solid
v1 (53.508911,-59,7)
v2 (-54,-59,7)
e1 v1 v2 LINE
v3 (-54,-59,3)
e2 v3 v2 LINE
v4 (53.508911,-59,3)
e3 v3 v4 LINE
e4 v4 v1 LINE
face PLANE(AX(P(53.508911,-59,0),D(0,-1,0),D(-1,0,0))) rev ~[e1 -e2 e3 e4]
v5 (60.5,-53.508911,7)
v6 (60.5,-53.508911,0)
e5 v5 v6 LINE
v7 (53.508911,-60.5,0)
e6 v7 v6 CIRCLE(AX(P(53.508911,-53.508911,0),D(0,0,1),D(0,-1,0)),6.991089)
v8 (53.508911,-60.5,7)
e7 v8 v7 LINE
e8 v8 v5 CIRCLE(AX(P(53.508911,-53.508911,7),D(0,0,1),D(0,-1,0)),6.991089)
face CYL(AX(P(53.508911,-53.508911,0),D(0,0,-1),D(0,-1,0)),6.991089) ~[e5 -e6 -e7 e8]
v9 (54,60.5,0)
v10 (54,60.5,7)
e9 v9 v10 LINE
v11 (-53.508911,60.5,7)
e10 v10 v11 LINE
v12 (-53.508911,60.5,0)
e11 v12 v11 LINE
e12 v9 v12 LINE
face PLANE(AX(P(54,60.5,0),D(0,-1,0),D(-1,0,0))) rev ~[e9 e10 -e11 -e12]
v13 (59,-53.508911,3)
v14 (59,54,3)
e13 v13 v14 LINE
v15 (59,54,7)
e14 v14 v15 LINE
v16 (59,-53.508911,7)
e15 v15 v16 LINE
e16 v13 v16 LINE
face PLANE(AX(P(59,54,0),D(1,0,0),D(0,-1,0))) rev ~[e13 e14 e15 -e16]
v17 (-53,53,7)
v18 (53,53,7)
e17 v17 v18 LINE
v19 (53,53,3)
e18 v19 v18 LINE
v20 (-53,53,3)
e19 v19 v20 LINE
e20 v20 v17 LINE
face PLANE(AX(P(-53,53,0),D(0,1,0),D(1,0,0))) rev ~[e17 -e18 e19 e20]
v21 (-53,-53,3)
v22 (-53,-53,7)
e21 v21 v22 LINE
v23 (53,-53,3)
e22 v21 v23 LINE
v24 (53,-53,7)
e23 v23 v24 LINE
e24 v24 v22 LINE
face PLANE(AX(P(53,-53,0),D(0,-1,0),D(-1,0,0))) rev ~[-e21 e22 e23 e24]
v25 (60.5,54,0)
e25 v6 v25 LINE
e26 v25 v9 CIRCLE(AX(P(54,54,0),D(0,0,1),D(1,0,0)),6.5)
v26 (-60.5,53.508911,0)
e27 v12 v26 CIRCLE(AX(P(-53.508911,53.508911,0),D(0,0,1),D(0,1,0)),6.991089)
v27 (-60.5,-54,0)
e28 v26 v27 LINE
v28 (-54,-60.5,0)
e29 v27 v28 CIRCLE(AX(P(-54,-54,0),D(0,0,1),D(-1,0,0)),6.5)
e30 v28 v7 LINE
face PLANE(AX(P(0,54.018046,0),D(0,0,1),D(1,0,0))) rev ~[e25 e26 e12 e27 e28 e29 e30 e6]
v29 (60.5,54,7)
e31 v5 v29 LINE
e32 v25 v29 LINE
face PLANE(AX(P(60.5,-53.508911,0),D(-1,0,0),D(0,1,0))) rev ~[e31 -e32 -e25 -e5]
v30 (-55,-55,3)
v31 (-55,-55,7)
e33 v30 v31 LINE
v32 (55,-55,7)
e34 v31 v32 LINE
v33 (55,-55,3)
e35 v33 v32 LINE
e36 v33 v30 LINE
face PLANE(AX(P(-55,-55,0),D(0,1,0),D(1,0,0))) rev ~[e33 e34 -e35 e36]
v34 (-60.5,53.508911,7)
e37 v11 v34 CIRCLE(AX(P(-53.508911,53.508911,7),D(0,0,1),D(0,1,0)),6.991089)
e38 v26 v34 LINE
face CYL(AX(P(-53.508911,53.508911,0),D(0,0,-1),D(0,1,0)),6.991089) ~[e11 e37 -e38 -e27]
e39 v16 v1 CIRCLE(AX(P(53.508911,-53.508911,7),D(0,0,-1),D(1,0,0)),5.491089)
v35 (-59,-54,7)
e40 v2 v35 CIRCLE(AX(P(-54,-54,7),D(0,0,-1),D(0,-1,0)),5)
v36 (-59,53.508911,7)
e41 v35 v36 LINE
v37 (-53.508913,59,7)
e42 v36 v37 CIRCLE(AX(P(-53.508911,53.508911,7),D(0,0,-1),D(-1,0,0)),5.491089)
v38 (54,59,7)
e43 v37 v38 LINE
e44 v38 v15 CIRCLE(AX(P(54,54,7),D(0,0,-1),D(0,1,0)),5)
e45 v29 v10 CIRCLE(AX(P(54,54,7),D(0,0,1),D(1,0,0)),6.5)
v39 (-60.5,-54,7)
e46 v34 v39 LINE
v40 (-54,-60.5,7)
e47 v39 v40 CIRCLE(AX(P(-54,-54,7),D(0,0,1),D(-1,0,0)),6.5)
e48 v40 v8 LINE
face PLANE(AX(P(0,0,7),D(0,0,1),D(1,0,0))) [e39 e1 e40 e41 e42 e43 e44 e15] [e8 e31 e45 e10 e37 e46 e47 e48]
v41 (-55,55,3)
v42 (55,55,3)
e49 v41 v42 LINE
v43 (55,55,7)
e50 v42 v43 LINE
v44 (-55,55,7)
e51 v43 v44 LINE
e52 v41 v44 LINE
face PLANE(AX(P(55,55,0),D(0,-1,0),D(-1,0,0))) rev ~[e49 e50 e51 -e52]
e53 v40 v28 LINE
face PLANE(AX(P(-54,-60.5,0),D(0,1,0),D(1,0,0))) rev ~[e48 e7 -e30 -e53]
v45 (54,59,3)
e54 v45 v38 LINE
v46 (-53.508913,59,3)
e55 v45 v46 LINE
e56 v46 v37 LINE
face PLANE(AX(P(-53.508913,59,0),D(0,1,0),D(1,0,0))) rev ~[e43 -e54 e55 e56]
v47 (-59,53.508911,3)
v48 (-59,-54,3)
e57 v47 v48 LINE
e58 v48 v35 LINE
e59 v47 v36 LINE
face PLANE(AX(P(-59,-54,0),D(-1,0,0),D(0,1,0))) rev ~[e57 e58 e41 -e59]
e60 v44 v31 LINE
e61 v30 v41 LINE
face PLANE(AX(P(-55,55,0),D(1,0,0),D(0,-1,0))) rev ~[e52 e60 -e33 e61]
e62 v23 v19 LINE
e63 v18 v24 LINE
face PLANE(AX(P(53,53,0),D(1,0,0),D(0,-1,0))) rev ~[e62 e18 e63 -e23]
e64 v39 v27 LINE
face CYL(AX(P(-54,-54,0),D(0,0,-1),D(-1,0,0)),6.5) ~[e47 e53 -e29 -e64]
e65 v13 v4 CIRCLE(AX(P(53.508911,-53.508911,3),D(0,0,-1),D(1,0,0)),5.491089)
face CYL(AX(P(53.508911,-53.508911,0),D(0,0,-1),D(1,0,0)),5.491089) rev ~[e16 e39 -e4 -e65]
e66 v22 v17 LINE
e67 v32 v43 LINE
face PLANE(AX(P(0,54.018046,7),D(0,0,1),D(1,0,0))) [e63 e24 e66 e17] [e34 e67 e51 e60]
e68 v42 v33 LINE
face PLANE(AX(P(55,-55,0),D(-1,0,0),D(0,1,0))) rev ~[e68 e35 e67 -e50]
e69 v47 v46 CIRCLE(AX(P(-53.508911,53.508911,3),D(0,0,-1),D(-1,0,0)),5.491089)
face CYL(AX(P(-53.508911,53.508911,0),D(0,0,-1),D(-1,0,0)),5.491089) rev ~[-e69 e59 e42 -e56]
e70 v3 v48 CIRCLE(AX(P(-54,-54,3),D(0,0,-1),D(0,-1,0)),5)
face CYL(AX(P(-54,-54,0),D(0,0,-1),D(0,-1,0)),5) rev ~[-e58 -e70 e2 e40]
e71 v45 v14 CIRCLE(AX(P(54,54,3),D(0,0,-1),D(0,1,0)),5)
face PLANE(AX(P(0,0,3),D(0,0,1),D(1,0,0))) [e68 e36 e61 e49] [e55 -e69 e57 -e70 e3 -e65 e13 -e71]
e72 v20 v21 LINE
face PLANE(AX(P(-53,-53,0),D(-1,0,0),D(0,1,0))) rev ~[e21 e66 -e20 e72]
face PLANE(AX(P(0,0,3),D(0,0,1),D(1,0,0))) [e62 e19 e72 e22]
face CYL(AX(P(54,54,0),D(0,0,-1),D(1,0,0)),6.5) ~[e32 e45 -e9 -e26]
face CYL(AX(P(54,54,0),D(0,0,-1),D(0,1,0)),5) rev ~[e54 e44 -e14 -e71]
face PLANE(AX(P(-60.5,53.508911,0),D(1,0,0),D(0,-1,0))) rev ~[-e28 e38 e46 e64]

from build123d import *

# Parameters (mm, degrees)
F0_W     = 110
F0_H     = 110
F0_W_2   = 106
F0_H_2   = 106
F1_DEPTH = 3
F2_DEPTH = 7
F3_DEPTH = 7


with BuildPart() as f1:
    # F0 (on Top) → F1 (new body)
    with BuildSketch(Plane.XY):
        with BuildLine():
            Line((60.5, -53.5089111648), (60.5, 54))
            ThreePointArc((60.5, 54), (58.5961940777, 58.5961940777), (54, 60.5))
            Line((54, 60.5), (-53.5089111648, 60.5))
            ThreePointArc((-53.5089111648, 60.5), (-58.452357488, 58.452357488), (-60.5, 53.5089111648))
            Line((-60.5, 53.5089111648), (-60.5, -54))
            ThreePointArc((-60.5, -54), (-58.5961940777, -58.5961940777), (-54, -60.5))
            Line((-54, -60.5), (53.5089111648, -60.5))
            ThreePointArc((53.5089111648, -60.5), (58.452357488, -58.452357488), (60.5, -53.5089111648))
        make_face()
        with BuildLine():
            ThreePointArc((-59, 53.5089111648), (-57.3916978342, 57.3916967983), (-53.5089126297, 59))
            Line((-53.5089126297, 59), (54, 59))
            ThreePointArc((54, 59), (57.5355339059, 57.5355339059), (59, 54))
            Line((59, 54), (59, -53.5089111648))
            ThreePointArc((59, -53.5089111648), (57.3916973163, -57.3916973163), (53.5089111648, -59))
            Line((53.5089111648, -59), (-54, -59))
            ThreePointArc((-54, -59), (-57.535533861, -57.5355339509), (-59, -54.0000001272))
            Line((-59, -54.0000001272), (-59, 53.5089111648))
        make_face(mode=Mode.SUBTRACT)
        with BuildLine():
            Line((54, 59), (-53.5089126297, 59))
            ThreePointArc((-53.5089126297, 59), (-57.3916978342, 57.3916967983), (-59, 53.5089111648))
            Line((-59, 53.5089111648), (-59, -54.0000001272))
            ThreePointArc((-59, -54.0000001272), (-57.535533861, -57.5355339509), (-54, -59))
            Line((-54, -59), (53.5089111648, -59))
            ThreePointArc((53.5089111648, -59), (57.3916973163, -57.3916973163), (59, -53.5089111648))
            Line((59, -53.5089111648), (59, 54))
            ThreePointArc((59, 54), (57.5355339059, 57.5355339059), (54, 59))
        make_face()
        Rectangle(F0_W, F0_H, mode=Mode.SUBTRACT)
        Rectangle(F0_W_2, F0_H_2)
        Polygon((-53, -53), (-55, -55), (55, -55), (53, -53), align=None)
        Polygon((-53, 53), (-55, 55), (-55, -55), (-53, -53), align=None)
        Polygon((55, 55), (-55, 55), (-53, 53), (53, 53), align=None)
        Polygon((55, -55), (55, 55), (53, 53), (53, -53), align=None)
    extrude(amount=F1_DEPTH)

    # F0 (on Top) → F2 (join)
    with BuildSketch(Plane.XY):
        with BuildLine():
            Line((60.5, -53.5089111648), (60.5, 54))
            ThreePointArc((60.5, 54), (58.5961940777, 58.5961940777), (54, 60.5))
            Line((54, 60.5), (-53.5089111648, 60.5))
            ThreePointArc((-53.5089111648, 60.5), (-58.452357488, 58.452357488), (-60.5, 53.5089111648))
            Line((-60.5, 53.5089111648), (-60.5, -54))
            ThreePointArc((-60.5, -54), (-58.5961940777, -58.5961940777), (-54, -60.5))
            Line((-54, -60.5), (53.5089111648, -60.5))
            ThreePointArc((53.5089111648, -60.5), (58.452357488, -58.452357488), (60.5, -53.5089111648))
        make_face()
        with BuildLine():
            ThreePointArc((-59, 53.5089111648), (-57.3916978342, 57.3916967983), (-53.5089126297, 59))
            Line((-53.5089126297, 59), (54, 59))
            ThreePointArc((54, 59), (57.5355339059, 57.5355339059), (59, 54))
            Line((59, 54), (59, -53.5089111648))
            ThreePointArc((59, -53.5089111648), (57.3916973163, -57.3916973163), (53.5089111648, -59))
            Line((53.5089111648, -59), (-54, -59))
            ThreePointArc((-54, -59), (-57.535533861, -57.5355339509), (-59, -54.0000001272))
            Line((-59, -54.0000001272), (-59, 53.5089111648))
        make_face(mode=Mode.SUBTRACT)
    extrude(amount=F2_DEPTH)

    # F0 (on Top) → F3 (join)
    with BuildSketch(Plane.XY):
        Polygon((55, 55), (-55, 55), (-53, 53), (53, 53), align=None)
        Polygon((-53, -53), (-55, -55), (55, -55), (53, -53), align=None)
        Polygon((-53, 53), (-55, 55), (-55, -55), (-53, -53), align=None)
        Polygon((55, -55), (55, 55), (53, 53), (53, -53), align=None)
    extrude(amount=F3_DEPTH)


solid = f1.part
